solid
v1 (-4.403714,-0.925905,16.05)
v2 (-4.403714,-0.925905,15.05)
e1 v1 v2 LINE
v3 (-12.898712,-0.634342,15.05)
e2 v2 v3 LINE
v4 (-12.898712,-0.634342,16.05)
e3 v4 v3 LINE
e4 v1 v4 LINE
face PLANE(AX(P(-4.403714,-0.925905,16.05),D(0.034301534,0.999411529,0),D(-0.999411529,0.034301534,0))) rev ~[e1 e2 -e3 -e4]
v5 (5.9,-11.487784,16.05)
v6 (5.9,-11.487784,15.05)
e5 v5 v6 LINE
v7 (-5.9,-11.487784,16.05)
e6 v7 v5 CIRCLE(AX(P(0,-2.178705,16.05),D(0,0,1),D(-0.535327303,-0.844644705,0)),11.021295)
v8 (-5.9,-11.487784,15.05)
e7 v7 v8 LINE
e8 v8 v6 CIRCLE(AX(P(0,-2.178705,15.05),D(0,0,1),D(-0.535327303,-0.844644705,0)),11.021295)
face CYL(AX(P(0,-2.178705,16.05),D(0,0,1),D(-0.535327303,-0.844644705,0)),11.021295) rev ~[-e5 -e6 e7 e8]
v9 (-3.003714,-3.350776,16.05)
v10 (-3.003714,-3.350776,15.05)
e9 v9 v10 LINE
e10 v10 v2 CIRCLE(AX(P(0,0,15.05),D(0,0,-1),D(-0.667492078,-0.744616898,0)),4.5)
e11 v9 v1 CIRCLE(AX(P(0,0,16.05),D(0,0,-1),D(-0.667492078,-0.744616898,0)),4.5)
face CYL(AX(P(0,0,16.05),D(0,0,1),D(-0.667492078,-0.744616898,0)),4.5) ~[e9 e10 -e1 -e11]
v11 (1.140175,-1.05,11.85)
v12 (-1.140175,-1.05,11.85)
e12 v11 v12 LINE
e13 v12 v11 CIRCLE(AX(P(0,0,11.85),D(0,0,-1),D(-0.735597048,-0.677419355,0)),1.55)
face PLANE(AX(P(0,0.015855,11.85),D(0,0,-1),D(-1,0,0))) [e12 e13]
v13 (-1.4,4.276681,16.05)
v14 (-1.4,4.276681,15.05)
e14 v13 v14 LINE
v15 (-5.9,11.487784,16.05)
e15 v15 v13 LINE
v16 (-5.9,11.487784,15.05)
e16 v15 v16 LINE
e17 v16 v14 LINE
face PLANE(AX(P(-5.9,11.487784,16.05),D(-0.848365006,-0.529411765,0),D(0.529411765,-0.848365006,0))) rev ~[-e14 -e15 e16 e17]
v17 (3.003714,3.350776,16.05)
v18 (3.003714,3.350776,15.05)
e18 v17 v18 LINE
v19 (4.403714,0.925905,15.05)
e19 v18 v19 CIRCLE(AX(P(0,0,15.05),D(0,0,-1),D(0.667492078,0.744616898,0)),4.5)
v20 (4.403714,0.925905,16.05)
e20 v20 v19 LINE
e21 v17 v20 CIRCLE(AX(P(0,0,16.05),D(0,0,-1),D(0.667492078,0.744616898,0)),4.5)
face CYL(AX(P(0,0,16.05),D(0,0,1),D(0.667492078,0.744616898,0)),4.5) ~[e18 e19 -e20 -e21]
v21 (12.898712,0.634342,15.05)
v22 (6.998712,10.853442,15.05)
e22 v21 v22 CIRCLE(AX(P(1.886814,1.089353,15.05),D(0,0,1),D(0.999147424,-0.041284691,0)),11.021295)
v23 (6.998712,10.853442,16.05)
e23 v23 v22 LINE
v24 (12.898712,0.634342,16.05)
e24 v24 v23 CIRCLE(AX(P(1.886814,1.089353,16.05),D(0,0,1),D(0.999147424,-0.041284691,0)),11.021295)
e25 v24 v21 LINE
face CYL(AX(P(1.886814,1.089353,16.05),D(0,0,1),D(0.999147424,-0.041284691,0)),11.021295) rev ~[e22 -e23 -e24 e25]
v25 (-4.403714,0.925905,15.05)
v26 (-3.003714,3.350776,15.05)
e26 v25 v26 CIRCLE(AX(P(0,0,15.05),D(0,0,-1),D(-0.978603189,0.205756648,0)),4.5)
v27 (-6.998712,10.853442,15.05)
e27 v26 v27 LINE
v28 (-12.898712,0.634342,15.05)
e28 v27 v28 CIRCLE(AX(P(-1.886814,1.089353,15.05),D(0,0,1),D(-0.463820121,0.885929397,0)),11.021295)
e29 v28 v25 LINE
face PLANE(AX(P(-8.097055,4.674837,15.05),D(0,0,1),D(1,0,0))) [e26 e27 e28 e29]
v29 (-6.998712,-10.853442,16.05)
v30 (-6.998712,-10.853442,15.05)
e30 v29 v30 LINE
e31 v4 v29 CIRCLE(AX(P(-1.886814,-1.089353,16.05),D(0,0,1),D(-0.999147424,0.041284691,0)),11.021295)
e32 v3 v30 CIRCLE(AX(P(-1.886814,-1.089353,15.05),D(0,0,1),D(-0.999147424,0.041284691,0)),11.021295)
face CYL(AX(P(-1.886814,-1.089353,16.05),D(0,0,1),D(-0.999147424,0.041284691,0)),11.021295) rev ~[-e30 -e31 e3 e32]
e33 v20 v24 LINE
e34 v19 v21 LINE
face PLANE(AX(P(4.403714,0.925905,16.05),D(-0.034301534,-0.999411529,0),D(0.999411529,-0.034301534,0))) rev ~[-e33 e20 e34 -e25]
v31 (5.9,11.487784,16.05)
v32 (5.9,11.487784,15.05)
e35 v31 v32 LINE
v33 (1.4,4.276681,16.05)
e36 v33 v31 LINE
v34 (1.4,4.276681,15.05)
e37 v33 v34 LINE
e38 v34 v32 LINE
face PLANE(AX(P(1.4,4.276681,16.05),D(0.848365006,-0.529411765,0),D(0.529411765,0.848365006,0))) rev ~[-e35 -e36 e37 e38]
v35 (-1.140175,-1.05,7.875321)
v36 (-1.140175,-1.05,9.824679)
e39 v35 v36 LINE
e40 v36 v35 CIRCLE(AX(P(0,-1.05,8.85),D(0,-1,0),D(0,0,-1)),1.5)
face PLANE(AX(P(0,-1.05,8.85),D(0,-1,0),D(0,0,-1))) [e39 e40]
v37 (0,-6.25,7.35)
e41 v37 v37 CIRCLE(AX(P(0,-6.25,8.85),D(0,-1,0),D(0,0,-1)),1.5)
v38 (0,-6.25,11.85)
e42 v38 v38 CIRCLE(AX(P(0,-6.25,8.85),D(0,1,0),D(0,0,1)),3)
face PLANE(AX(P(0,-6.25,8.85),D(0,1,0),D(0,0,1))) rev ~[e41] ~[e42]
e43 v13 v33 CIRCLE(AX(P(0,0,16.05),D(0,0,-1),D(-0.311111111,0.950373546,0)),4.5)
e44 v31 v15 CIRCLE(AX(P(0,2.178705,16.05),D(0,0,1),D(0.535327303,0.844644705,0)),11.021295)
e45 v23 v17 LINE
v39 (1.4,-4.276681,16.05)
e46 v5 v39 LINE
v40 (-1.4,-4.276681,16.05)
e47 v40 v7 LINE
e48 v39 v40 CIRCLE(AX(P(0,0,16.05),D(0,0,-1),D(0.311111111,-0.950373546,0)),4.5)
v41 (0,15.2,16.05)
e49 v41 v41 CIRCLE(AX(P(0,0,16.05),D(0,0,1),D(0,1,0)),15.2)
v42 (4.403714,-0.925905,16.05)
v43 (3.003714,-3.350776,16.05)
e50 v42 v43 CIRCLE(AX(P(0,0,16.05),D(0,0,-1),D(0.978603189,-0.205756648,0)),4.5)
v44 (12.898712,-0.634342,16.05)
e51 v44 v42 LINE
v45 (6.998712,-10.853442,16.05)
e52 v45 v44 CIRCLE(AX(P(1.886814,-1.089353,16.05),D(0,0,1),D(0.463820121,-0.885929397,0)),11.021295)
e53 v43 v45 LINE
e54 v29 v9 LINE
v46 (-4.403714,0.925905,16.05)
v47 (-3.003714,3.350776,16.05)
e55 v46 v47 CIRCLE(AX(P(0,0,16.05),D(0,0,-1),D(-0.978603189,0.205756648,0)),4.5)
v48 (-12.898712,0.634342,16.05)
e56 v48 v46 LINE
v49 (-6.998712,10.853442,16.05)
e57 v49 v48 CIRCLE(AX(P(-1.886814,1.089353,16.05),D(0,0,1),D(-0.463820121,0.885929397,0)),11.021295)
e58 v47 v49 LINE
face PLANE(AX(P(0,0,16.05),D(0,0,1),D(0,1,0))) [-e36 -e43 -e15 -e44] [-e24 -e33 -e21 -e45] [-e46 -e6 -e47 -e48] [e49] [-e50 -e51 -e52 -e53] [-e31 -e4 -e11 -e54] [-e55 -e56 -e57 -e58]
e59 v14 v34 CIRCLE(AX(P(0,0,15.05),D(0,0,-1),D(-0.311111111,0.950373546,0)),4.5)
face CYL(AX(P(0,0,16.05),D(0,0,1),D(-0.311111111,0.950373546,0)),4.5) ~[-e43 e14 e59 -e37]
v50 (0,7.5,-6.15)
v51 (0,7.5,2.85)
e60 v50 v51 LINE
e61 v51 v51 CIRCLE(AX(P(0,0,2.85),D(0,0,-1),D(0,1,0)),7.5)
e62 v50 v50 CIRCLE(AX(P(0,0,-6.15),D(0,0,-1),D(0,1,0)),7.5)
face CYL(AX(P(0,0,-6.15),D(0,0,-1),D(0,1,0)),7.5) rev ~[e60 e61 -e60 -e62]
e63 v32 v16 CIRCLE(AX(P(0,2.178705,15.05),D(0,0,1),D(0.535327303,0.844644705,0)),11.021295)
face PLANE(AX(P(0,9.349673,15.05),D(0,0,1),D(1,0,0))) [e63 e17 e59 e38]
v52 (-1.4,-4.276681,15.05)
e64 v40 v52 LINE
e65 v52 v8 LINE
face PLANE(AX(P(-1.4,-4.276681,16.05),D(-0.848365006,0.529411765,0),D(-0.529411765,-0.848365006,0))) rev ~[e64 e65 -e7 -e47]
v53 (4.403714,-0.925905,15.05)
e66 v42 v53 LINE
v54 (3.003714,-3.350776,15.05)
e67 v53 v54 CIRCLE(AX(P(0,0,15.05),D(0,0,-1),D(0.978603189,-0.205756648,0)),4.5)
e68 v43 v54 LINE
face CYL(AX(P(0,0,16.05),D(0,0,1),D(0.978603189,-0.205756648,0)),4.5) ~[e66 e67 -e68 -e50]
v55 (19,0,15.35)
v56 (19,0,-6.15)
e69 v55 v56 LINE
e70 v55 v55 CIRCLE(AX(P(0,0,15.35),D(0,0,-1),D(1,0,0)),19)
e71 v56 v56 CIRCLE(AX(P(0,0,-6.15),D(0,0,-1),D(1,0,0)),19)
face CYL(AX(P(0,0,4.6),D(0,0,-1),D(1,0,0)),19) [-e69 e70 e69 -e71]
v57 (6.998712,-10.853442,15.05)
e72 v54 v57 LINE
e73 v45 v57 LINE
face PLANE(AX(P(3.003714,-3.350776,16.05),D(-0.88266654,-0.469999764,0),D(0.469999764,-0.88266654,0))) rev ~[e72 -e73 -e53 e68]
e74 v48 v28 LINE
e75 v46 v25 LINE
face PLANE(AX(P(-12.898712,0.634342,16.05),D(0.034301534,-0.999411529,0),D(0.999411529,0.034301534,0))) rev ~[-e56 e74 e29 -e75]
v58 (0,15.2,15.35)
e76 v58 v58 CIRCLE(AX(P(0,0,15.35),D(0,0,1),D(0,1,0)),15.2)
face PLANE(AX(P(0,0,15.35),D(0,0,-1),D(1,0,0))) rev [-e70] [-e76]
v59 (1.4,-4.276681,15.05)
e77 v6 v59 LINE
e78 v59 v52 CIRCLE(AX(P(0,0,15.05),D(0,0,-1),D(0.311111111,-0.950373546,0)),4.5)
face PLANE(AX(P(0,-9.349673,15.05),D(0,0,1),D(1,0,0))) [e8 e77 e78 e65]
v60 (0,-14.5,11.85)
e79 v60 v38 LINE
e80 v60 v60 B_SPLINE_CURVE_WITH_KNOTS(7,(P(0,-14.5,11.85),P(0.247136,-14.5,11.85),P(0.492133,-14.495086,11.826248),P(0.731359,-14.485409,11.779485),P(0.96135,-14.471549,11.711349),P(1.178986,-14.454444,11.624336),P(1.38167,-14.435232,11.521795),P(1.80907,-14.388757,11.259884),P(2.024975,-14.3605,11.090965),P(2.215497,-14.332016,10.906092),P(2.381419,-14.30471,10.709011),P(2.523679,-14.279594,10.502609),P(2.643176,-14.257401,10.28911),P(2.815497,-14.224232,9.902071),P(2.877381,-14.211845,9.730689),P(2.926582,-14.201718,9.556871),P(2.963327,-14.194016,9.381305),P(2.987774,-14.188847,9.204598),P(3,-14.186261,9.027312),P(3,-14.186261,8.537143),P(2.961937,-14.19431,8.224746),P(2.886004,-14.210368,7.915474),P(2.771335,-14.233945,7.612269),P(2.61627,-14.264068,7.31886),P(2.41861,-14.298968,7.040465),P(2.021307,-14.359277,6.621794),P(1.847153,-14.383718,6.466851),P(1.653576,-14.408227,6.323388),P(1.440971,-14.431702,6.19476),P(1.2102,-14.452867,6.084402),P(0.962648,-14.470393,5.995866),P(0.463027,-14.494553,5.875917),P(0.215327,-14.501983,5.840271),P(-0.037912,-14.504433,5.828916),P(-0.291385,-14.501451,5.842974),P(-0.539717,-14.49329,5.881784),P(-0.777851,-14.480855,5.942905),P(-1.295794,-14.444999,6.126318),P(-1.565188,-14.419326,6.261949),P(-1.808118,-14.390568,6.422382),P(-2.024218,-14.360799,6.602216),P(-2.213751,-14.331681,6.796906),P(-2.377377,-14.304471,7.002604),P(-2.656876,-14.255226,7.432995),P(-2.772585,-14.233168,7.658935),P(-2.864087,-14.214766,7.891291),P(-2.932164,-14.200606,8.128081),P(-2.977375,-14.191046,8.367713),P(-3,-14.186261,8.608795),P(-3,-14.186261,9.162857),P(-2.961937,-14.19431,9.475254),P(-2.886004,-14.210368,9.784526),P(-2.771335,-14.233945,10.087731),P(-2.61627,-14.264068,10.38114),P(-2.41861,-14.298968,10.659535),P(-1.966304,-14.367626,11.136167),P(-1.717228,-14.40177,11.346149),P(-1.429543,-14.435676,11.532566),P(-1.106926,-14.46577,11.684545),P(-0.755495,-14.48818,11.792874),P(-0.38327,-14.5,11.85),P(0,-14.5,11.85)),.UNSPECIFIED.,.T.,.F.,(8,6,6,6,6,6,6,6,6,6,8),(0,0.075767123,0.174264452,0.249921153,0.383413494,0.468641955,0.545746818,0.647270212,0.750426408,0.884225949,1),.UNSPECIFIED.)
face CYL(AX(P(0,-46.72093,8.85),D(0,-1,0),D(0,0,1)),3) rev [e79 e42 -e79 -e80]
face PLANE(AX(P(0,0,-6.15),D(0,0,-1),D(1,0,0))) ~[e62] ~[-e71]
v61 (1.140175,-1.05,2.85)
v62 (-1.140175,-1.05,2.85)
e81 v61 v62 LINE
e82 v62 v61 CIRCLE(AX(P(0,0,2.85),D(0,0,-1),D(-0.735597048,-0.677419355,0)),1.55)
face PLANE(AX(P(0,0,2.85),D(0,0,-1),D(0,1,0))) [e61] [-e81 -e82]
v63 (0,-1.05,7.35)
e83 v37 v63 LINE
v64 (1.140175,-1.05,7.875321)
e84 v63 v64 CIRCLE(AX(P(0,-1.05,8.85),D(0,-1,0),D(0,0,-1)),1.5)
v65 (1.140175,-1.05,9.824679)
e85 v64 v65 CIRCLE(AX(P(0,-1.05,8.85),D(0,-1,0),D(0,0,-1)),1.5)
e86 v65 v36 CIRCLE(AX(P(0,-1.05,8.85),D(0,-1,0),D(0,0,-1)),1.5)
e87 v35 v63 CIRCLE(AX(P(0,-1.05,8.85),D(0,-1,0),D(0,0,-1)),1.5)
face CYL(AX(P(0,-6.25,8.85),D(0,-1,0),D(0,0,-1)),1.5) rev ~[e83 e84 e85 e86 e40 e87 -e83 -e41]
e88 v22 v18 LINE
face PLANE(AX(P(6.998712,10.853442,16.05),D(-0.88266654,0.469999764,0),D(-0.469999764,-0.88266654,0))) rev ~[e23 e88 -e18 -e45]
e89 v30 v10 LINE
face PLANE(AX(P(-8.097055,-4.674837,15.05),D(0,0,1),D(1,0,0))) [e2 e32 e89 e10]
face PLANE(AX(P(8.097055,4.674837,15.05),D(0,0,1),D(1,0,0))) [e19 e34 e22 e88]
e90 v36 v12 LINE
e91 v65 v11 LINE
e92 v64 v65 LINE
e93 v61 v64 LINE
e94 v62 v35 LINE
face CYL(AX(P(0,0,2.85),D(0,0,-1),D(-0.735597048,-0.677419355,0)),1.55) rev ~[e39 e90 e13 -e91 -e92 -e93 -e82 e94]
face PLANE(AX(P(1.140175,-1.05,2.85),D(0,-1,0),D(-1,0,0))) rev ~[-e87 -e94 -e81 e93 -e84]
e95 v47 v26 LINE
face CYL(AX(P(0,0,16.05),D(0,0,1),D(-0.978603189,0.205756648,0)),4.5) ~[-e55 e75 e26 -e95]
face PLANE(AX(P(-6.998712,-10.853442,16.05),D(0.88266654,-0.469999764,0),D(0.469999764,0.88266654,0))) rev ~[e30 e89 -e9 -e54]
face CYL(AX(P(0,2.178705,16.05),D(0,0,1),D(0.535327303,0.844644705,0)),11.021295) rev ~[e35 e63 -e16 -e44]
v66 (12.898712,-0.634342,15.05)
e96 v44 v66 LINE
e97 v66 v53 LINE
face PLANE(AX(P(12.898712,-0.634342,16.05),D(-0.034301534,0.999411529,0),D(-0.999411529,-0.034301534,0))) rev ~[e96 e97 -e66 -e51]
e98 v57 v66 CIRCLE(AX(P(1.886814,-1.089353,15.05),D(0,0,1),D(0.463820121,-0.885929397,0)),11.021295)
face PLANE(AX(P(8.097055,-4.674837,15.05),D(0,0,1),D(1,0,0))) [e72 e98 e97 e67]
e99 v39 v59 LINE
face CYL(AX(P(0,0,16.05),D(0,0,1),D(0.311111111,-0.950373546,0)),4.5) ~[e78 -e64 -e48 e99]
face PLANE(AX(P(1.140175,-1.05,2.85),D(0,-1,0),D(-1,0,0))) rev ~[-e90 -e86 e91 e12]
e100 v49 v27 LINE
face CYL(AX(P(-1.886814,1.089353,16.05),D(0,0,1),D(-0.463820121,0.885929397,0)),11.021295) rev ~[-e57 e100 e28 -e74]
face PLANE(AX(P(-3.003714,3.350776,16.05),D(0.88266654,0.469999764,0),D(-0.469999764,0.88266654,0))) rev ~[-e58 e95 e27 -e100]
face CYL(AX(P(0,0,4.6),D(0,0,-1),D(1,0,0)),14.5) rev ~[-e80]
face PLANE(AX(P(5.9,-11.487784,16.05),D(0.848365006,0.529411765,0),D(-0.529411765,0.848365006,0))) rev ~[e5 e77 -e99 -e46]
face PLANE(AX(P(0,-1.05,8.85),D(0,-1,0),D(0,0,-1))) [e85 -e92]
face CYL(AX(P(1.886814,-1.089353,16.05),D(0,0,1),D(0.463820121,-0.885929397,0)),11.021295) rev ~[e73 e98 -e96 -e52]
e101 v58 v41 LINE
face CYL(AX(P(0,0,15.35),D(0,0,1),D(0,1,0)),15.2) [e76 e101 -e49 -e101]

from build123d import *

# Parameters (mm, degrees)
CORTAR_EXTRUIR4_DEPTH      = 1
CROQUIS7_R                 = 7.5
CORTAR_EXTRUIR5_DEPTH      = 9
CORTAR_EXTRUIR6_DEPTH      = 9
CORTAR_EXTRUIR8_DEPTH      = 5
CORTAR_EXTRUIR8_DEPTH_BACK = 35.470929781
CROQUIS10_R                = 3
CROQUIS11_R                = 1.5
CORTAR_EXTRUIR9_DEPTH      = 5.2
CROQUIS12_W                = 21.5
CROQUIS12_H                = 4.5


with BuildPart() as part:
    # Croquis1 → Revolución1 (revolve)
    with BuildSketch(Plane(origin=(0, 0, 0), x_dir=(0, 0, -1), z_dir=(1, 0, 0))):
        Polygon((0, 0), (6.15, 0), (6.15, 14.5), (-15.35, 14.5), (-15.35, 15.2), (-16.05, 15.2), (-16.05, 0), align=None)
    revolve(axis=Axis((0, 0, 0), (0, 0, 1)))

    # Croquis5 → Cortar-Extruir4 (cut)
    with BuildSketch(Plane.XY.offset(16.05)):
        with BuildLine():
            ThreePointArc((-1.4, 4.276680956), (0, 4.5), (1.4, 4.276680956))
            Line((1.4, 4.276680956), (5.9, 11.487783507))
            ThreePointArc((5.9, 11.487783507), (0, 13.2), (-5.9, 11.487783507))
            Line((-5.9, 11.487783507), (-1.4, 4.276680956))
        make_face()
        with BuildLine():
            Line((6.99871235, 10.853441636), (3.003714352, 3.350776043))
            ThreePointArc((3.003714352, 3.350776043), (3.897114317, 2.25), (4.403714352, 0.925904913))
            Line((4.403714352, 0.925904913), (12.89871235, 0.634341871))
            ThreePointArc((12.89871235, 0.634341871), (11.43153533, 6.6), (6.99871235, 10.853441636))
        make_face()
        with BuildLine():
            Line((12.89871235, -0.634341871), (4.403714352, -0.925904913))
            ThreePointArc((4.403714352, -0.925904913), (3.897114317, -2.25), (3.003714352, -3.350776043))
            Line((3.003714352, -3.350776043), (6.99871235, -10.853441636))
            ThreePointArc((6.99871235, -10.853441636), (11.43153533, -6.6), (12.89871235, -0.634341871))
        make_face()
        with BuildLine():
            Line((5.9, -11.487783507), (1.4, -4.276680956))
            ThreePointArc((1.4, -4.276680956), (0, -4.5), (-1.4, -4.276680956))
            Line((-1.4, -4.276680956), (-5.9, -11.487783507))
            ThreePointArc((-5.9, -11.487783507), (0, -13.2), (5.9, -11.487783507))
        make_face()
        with BuildLine():
            ThreePointArc((-3.003714352, -3.350776043), (-3.897114317, -2.25), (-4.403714352, -0.925904913))
            Line((-4.403714352, -0.925904913), (-12.89871235, -0.634341871))
            ThreePointArc((-12.89871235, -0.634341871), (-11.43153533, -6.6), (-6.99871235, -10.853441636))
            Line((-6.99871235, -10.853441636), (-3.003714352, -3.350776043))
        make_face()
        with BuildLine():
            ThreePointArc((-4.403714352, 0.925904913), (-3.897114317, 2.25), (-3.003714352, 3.350776043))
            Line((-3.003714352, 3.350776043), (-6.99871235, 10.853441636))
            ThreePointArc((-6.99871235, 10.853441636), (-11.43153533, 6.6), (-12.89871235, 0.634341871))
            Line((-12.89871235, 0.634341871), (-4.403714352, 0.925904913))
        make_face()
    extrude(amount=-CORTAR_EXTRUIR4_DEPTH, mode=Mode.SUBTRACT)

    # Croquis7 → Cortar-Extruir5 (cut)
    with BuildSketch(Plane(origin=(0, 0, -6.15), x_dir=(-1, 0, 0), z_dir=(0, 0, -1))):
        with Locations(Location((0, 0, 0), (0, 0, 90))):
            Circle(CROQUIS7_R)
    extrude(amount=-CORTAR_EXTRUIR5_DEPTH, mode=Mode.SUBTRACT)

    # Croquis8 → Cortar-Extruir6 (cut)
    with BuildSketch(Plane(origin=(0, 0, 2.85), x_dir=(-1, 0, 0), z_dir=(0, 0, -1))):
        with BuildLine():
            Line((-1.140175425, -1.05), (1.140175425, -1.05))
            ThreePointArc((1.140175425, -1.05), (0, 1.55), (-1.140175425, -1.05))
        make_face()
    extrude(amount=-CORTAR_EXTRUIR6_DEPTH, mode=Mode.SUBTRACT)

    # Croquis10 → Cortar-Extruir8 (cut, two sides: drawn at the far end of the back side and taken through both)
    with BuildSketch(Plane(origin=(0, -11.25, 0), x_dir=(1, 0, 0), z_dir=(0, 1, 0)).offset(-CORTAR_EXTRUIR8_DEPTH_BACK)):
        with Locations(Location((0, -8.85, 0), (0, 0, 270))):
            Circle(CROQUIS10_R)
    extrude(amount=CORTAR_EXTRUIR8_DEPTH + CORTAR_EXTRUIR8_DEPTH_BACK, mode=Mode.SUBTRACT)

    # Croquis11 → Cortar-Extruir9 (cut)
    with BuildSketch(Plane.XZ.offset(6.25)):
        with Locations(Location((0, 8.85, 0), (0, 0, 270))):
            Circle(CROQUIS11_R)
    extrude(amount=-CORTAR_EXTRUIR9_DEPTH, mode=Mode.SUBTRACT)

    # Croquis12 → Revolución2 (revolve)
    with BuildSketch(Plane(origin=(0, 0, 0), x_dir=(0, 0, -1), z_dir=(1, 0, 0)), mode=Mode.PRIVATE) as revoluci_n2_sk:
        with Locations((-4.6, 16.75)):
            Rectangle(CROQUIS12_W, CROQUIS12_H)
    revolve(revoluci_n2_sk.sketch.rotate(Axis((0, 0, 12.043120257), (0, 0, -1)), 90), axis=Axis((0, 0, 12.043120257), (0, 0, -1)))


solid = part.part
